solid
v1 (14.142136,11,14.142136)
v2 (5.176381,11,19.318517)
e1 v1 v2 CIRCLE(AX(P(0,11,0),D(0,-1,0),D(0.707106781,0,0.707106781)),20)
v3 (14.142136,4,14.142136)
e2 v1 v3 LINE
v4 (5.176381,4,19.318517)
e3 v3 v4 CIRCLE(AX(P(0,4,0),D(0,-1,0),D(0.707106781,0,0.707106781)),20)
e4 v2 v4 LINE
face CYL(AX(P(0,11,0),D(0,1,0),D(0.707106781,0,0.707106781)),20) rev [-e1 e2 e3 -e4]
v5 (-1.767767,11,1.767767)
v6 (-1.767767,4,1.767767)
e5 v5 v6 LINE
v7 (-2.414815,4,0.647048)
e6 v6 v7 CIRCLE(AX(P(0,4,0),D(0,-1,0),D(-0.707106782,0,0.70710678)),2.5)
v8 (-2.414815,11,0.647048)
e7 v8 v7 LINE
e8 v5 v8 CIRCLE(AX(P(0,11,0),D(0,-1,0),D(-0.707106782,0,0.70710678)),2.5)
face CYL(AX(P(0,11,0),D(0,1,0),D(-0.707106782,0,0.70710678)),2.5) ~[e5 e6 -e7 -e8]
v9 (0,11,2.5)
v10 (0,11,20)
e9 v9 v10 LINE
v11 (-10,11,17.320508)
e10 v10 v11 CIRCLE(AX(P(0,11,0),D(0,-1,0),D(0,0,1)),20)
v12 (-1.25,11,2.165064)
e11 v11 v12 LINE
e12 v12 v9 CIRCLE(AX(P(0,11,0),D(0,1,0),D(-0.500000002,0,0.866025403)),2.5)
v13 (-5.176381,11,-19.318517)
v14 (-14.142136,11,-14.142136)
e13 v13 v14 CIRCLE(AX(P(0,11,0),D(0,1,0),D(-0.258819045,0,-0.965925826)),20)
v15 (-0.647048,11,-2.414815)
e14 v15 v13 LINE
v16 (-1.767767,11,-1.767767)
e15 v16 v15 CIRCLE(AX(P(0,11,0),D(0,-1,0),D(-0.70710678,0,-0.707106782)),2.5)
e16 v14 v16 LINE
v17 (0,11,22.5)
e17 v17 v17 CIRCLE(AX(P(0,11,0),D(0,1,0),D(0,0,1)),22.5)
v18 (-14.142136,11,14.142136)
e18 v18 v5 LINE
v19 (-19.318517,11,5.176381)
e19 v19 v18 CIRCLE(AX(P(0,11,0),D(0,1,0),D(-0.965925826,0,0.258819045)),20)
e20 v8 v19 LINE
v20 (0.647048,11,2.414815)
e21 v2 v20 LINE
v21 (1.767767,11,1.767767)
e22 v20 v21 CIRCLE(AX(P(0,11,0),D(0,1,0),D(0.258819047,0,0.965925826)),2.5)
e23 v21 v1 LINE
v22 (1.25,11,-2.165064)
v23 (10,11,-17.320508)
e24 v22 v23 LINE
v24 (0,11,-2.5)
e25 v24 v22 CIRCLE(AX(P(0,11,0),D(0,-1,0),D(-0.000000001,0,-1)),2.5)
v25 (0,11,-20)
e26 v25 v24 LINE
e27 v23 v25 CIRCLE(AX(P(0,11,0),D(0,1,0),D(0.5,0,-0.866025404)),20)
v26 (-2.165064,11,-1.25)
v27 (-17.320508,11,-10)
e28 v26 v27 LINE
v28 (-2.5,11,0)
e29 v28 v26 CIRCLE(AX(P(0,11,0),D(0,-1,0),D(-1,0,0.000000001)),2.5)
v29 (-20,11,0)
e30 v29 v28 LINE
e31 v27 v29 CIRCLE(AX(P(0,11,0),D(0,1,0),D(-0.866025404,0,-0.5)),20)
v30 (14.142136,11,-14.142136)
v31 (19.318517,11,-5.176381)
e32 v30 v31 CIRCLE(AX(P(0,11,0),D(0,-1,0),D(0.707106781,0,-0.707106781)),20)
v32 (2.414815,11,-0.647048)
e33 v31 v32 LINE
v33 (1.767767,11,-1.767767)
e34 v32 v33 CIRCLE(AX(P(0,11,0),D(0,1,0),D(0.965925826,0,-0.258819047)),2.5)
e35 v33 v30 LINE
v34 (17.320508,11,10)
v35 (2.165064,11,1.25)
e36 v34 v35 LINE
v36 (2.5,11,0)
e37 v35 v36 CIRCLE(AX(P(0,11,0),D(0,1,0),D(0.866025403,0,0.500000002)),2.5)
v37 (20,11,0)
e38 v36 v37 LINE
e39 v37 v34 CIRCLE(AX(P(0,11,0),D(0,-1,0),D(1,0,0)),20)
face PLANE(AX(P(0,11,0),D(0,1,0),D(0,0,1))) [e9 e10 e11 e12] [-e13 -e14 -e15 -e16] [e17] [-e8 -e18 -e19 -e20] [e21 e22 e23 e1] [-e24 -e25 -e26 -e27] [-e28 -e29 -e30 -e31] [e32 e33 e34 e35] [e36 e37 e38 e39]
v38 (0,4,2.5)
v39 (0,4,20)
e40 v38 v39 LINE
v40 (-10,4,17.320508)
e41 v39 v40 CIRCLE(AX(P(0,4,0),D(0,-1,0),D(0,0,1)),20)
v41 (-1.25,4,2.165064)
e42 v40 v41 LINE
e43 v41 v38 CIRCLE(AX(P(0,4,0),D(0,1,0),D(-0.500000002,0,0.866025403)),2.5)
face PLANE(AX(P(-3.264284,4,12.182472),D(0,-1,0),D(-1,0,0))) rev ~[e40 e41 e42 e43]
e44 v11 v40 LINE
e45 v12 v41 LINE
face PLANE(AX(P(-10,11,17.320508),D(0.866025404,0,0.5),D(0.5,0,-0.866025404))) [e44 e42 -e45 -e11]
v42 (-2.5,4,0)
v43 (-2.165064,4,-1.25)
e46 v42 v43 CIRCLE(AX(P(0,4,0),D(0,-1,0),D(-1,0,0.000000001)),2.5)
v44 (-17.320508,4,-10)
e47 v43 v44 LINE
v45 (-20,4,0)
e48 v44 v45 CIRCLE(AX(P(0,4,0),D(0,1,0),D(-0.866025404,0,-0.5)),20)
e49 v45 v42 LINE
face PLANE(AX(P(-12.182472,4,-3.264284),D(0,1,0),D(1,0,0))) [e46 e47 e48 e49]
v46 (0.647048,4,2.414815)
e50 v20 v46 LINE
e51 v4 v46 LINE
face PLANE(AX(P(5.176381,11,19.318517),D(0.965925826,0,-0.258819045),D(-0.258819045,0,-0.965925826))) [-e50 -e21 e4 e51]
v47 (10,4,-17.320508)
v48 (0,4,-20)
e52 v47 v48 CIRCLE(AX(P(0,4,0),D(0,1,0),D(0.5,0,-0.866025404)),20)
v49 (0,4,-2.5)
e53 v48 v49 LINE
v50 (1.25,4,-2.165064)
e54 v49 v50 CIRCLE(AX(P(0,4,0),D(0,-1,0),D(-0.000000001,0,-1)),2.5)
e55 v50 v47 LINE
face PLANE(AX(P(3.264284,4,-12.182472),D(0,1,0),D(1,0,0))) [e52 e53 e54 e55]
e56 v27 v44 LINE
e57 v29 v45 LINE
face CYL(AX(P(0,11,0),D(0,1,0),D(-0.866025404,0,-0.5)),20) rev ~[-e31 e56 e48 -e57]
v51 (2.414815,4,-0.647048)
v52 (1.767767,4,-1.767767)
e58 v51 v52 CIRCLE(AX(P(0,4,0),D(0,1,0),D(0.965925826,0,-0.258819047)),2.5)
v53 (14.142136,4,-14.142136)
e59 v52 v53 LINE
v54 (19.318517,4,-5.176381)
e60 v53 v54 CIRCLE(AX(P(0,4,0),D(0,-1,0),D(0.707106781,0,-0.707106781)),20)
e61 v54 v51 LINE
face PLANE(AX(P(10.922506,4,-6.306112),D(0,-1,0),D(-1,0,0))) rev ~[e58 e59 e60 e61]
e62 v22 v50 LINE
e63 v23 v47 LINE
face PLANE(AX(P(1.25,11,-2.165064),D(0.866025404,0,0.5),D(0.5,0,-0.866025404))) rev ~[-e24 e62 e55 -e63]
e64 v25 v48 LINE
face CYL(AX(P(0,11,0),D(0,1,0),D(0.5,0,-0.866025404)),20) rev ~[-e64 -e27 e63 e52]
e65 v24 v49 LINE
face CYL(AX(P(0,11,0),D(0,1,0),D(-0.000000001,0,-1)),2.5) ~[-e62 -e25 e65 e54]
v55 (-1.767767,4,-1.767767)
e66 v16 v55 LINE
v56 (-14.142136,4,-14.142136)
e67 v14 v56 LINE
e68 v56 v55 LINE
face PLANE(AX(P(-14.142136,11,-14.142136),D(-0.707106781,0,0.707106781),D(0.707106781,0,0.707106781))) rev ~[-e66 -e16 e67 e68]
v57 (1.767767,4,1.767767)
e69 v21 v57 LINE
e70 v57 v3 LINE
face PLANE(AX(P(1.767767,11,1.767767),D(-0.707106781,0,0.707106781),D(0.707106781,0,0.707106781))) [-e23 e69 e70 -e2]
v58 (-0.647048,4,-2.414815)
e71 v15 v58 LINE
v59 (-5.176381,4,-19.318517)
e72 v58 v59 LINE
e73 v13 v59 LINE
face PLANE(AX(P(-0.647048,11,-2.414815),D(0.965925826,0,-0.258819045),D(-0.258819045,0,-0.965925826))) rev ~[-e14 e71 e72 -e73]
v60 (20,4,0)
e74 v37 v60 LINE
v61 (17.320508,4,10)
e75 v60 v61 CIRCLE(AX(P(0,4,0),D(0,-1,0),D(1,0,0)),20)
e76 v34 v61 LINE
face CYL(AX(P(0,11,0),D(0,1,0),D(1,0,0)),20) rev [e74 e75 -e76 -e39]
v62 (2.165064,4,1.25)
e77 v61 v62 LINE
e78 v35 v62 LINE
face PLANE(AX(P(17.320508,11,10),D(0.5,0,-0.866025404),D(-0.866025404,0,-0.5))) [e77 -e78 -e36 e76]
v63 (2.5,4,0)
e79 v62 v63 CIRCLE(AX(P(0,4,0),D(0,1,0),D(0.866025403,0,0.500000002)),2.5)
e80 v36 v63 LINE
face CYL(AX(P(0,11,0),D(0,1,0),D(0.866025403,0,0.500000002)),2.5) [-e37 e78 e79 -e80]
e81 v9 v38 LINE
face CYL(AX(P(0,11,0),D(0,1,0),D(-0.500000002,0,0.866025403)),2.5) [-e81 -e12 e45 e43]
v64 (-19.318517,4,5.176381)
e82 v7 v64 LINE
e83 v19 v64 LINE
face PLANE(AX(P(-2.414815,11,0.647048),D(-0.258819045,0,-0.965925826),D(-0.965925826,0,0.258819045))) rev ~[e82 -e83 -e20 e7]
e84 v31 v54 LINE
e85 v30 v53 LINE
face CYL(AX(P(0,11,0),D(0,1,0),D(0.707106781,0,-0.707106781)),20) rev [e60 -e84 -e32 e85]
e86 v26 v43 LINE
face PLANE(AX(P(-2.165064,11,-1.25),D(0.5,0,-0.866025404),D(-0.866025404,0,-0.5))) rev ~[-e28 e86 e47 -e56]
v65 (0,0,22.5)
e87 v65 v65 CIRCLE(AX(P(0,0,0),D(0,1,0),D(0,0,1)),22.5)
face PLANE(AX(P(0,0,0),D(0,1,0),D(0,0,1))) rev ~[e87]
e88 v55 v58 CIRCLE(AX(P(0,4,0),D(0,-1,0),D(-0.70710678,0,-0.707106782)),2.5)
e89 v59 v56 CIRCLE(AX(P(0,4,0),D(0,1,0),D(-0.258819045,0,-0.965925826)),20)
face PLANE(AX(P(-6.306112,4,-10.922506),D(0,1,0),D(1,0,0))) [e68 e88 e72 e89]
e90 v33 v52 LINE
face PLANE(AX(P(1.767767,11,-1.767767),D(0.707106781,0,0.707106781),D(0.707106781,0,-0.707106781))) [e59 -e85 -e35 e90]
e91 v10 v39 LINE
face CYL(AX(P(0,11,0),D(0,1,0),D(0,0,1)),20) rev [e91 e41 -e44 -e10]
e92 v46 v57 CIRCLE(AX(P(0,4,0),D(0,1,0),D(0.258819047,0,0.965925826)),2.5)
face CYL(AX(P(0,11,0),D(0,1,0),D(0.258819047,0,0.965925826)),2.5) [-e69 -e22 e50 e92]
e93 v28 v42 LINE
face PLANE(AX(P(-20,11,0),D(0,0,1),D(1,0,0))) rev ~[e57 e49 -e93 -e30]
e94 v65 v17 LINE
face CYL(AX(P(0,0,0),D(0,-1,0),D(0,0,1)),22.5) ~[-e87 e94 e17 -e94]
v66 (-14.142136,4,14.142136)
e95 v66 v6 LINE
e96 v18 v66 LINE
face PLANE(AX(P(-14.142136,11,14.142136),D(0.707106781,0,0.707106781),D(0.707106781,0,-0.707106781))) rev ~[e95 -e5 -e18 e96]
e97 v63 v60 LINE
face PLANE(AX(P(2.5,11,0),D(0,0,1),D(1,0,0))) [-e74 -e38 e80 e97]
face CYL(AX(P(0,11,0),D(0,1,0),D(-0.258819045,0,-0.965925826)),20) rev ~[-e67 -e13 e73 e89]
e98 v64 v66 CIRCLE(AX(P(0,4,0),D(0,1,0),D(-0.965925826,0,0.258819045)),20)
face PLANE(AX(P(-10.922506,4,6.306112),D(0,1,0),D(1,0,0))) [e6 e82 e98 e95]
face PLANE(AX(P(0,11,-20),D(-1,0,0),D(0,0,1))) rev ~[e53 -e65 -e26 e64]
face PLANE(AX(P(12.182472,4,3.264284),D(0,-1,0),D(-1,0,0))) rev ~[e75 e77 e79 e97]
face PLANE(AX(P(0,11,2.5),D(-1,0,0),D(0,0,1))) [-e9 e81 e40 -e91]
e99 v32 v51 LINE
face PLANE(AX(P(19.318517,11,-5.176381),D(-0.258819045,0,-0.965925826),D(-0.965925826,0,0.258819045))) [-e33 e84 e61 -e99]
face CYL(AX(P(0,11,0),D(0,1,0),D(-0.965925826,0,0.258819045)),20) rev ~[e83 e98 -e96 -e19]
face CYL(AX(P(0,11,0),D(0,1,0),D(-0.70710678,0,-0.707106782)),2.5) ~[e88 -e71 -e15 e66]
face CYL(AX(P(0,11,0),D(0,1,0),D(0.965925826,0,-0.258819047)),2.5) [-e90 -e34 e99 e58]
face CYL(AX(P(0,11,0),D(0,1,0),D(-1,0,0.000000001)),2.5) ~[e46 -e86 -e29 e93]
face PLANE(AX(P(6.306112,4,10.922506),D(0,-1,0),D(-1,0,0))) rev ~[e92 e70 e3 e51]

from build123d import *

# Parameters (mm, degrees)
SKETCH1_R                                     = 22.5
MAIN_EXTRUDE_FOR_PLASTIC_MECHANSIM_PART_DEPTH = 11
MAIN_CUT_FOR_PLASTIC_MECHANISM_PART_DEPTH     = 7


with BuildPart() as part:
    # Sketch1 → Main Extrude for Plastic Mechansim Part (new body)
    with BuildSketch(Plane(origin=(0, 0, 0), x_dir=(1, 0, 0), z_dir=(0, 1, 0))):
        with Locations(Location((0, 0, 0), (0, 0, 270))):
            Circle(SKETCH1_R)
    extrude(amount=MAIN_EXTRUDE_FOR_PLASTIC_MECHANSIM_PART_DEPTH)

    # Sketch2 → Main Cut for Plastic Mechanism Part (cut)
    with BuildSketch(Plane(origin=(0, 11, 0), x_dir=(1, 0, 0), z_dir=(0, 1, 0))):
        with BuildLine():
            Line((0, 20), (0, 2.5))
            ThreePointArc((0, 2.5), (0.647047613, 2.414814566), (1.25, 2.165063509))
            Line((1.25, 2.165063509), (10, 17.320508076))
            ThreePointArc((10, 17.320508076), (5.176380902, 19.318516526), (0, 20))
        make_face()
        with BuildLine():
            Line((-20, 0), (-2.5, 0))
            ThreePointArc((-2.5, 0), (-2.414814566, 0.647047613), (-2.165063509, 1.25))
            Line((-2.165063509, 1.25), (-17.320508076, 10))
            ThreePointArc((-17.320508076, 10), (-19.318516526, 5.176380902), (-20, 0))
        make_face()
        with BuildLine():
            Line((-14.142135624, -14.142135624), (-1.767766953, -1.767766953))
            ThreePointArc((-1.767766953, -1.767766953), (-2.165063509, -1.25), (-2.414814566, -0.647047613))
            Line((-2.414814566, -0.647047613), (-19.318516526, -5.176380902))
            ThreePointArc((-19.318516526, -5.176380902), (-17.320508076, -10), (-14.142135624, -14.142135624))
        make_face()
        with BuildLine():
            Line((-14.142135624, 14.142135624), (-1.767766953, 1.767766953))
            ThreePointArc((-1.767766953, 1.767766953), (-1.25, 2.165063509), (-0.647047613, 2.414814566))
            Line((-0.647047613, 2.414814566), (-5.176380902, 19.318516526))
            ThreePointArc((-5.176380902, 19.318516526), (-10, 17.320508076), (-14.142135624, 14.142135624))
        make_face()
        with BuildLine():
            Line((0, -2.5), (0, -20))
            ThreePointArc((0, -20), (-5.176380902, -19.318516526), (-10, -17.320508076))
            Line((-10, -17.320508076), (-1.25, -2.165063509))
            ThreePointArc((-1.25, -2.165063509), (-0.647047613, -2.414814566), (0, -2.5))
        make_face()
        with BuildLine():
            Line((1.767766953, 1.767766953), (14.142135624, 14.142135624))
            ThreePointArc((14.142135624, 14.142135624), (17.320508076, 10), (19.318516526, 5.176380902))
            Line((19.318516526, 5.176380902), (2.414814566, 0.647047613))
            ThreePointArc((2.414814566, 0.647047613), (2.165063509, 1.25), (1.767766953, 1.767766953))
        make_face()
        with BuildLine():
            Line((2.5, 0), (20, 0))
            ThreePointArc((20, 0), (19.318516526, -5.176380902), (17.320508076, -10))
            Line((17.320508076, -10), (2.165063509, -1.25))
            ThreePointArc((2.165063509, -1.25), (2.414814566, -0.647047613), (2.5, 0))
        make_face()
        with BuildLine():
            Line((1.767766953, -1.767766953), (14.142135624, -14.142135624))
            ThreePointArc((14.142135624, -14.142135624), (10, -17.320508076), (5.176380902, -19.318516526))
            Line((5.176380902, -19.318516526), (0.647047613, -2.414814566))
            ThreePointArc((0.647047613, -2.414814566), (1.25, -2.165063509), (1.767766953, -1.767766953))
        make_face()
    extrude(amount=-MAIN_CUT_FOR_PLASTIC_MECHANISM_PART_DEPTH, mode=Mode.SUBTRACT)


solid = part.part
